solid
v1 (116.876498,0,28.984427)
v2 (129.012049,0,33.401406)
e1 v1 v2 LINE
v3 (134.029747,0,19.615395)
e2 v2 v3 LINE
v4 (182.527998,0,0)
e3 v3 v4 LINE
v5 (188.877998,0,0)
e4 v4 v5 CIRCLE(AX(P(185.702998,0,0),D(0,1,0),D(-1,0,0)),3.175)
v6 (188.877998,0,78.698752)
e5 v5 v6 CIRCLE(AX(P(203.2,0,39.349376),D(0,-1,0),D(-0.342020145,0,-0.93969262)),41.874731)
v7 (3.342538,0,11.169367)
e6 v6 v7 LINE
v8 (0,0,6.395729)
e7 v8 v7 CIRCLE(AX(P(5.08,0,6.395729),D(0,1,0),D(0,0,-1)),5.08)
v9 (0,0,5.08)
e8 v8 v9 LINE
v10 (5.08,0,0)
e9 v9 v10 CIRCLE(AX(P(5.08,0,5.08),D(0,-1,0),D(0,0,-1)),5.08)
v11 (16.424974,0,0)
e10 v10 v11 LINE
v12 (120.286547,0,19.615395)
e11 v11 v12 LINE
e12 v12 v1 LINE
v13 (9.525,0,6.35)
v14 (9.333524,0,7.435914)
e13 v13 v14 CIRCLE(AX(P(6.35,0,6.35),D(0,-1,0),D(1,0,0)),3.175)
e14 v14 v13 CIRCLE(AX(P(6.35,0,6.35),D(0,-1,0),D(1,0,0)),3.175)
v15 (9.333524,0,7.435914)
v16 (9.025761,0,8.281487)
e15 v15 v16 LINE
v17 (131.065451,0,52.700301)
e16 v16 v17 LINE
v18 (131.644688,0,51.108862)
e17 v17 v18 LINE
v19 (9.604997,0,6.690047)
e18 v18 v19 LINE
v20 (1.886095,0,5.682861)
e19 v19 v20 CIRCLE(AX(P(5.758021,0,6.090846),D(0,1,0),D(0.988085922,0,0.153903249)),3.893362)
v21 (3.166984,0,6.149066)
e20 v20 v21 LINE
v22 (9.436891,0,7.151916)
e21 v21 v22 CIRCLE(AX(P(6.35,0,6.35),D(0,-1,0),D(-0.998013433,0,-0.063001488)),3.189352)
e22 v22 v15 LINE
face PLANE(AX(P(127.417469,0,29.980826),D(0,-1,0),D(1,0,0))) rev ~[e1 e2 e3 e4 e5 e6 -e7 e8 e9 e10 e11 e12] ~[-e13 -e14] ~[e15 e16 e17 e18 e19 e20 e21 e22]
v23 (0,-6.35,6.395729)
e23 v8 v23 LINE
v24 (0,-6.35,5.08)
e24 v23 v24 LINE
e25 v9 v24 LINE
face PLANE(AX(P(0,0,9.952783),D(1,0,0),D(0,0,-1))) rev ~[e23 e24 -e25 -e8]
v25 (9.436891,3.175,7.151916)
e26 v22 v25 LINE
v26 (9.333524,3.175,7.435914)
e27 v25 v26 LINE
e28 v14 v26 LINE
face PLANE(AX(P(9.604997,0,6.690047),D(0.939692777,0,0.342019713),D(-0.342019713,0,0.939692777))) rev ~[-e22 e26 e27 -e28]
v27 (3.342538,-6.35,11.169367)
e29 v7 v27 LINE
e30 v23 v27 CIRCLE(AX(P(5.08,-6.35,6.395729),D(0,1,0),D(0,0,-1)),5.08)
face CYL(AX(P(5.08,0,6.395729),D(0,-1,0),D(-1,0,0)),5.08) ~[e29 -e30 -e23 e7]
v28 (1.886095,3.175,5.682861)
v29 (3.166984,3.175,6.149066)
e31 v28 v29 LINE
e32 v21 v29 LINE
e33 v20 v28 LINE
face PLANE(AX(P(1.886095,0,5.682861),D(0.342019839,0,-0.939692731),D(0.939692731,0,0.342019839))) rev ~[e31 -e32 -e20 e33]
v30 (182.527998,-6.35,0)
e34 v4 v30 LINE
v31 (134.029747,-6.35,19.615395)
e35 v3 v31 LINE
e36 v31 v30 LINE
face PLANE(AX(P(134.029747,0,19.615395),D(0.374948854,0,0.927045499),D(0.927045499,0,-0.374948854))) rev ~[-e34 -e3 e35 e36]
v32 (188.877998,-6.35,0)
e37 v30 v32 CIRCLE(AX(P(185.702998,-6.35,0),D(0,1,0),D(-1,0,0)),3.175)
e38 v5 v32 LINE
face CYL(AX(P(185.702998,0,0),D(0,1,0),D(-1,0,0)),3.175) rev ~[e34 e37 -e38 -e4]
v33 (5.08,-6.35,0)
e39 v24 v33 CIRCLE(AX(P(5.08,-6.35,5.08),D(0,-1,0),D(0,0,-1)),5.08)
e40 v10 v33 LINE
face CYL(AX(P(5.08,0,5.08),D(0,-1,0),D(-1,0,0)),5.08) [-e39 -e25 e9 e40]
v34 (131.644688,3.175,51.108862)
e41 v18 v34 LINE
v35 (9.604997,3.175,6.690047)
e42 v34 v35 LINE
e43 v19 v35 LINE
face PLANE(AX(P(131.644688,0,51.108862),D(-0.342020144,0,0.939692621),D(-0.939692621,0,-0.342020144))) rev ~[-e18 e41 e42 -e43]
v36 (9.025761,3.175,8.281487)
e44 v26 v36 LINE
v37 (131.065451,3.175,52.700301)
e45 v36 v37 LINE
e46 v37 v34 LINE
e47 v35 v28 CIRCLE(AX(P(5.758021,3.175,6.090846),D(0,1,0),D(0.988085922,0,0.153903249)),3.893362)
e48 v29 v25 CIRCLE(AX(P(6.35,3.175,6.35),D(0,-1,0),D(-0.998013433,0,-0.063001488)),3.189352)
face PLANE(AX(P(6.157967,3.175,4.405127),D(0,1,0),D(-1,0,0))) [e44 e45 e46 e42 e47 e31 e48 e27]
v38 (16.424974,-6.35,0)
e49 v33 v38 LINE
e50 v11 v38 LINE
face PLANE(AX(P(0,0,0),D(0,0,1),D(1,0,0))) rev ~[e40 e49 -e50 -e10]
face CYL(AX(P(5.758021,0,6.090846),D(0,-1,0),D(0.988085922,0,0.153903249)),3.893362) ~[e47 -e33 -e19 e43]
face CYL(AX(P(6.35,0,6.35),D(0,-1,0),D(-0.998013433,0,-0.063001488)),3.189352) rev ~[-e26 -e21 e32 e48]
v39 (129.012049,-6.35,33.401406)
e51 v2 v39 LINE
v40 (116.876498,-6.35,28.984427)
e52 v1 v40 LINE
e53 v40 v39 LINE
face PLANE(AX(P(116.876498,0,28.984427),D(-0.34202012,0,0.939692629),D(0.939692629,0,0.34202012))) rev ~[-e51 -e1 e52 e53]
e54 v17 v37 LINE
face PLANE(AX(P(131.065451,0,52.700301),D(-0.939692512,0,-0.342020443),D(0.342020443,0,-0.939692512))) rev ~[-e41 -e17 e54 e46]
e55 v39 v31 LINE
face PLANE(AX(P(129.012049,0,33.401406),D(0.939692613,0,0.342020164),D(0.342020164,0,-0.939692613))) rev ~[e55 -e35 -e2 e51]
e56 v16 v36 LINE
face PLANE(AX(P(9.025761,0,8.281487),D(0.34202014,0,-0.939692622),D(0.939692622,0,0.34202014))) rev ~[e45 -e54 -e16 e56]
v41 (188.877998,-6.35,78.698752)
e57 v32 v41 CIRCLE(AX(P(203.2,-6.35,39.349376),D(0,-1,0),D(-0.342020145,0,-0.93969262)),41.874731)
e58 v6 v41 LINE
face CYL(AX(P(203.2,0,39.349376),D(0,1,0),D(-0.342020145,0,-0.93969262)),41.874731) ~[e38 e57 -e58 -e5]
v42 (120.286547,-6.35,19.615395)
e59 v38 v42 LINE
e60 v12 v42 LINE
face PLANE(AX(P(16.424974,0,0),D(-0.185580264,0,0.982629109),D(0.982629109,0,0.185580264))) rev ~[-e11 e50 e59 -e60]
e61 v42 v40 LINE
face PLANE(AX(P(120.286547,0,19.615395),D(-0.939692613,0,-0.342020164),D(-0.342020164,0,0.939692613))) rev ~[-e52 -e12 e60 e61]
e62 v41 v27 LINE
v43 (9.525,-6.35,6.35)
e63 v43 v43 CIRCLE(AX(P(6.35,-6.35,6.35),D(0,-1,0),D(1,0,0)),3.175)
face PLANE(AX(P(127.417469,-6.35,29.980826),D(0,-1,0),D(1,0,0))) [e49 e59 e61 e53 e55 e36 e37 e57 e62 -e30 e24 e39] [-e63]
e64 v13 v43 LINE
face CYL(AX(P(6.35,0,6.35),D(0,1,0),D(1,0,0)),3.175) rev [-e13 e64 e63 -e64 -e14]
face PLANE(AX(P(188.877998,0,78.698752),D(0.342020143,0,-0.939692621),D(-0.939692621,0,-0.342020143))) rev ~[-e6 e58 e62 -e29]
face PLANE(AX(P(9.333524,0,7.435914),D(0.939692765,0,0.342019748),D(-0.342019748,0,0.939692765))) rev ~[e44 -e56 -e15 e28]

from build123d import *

# Parameters (mm, degrees)
F0_R     = 3.175
F1_DEPTH = 6.35
F2_R     = 5.08
F4_DEPTH = 3.175
F6_DEPTH = 3.175


with BuildPart() as f1:
    # F0 (on Front) → F1 (new body)
    with BuildSketch(Plane.XZ):
        with BuildLine():
            Line((0, 9.952783), (0, 0))
            Line((0, 0), (16.424974, 0))
            Line((16.424974, 0), (120.286547, 19.615395))
            Line((120.286547, 19.615395), (116.876498, 28.984427))
            Line((116.876498, 28.984427), (129.012049, 33.401406))
            Line((129.012049, 33.401406), (134.029747, 19.615395))
            Line((134.029747, 19.615395), (182.527998, 0))
            ThreePointArc((182.527998, 0), (185.702998, 3.175), (188.877998, 0))
            ThreePointArc((188.877998, 0), (245.074731, 39.349376), (188.877998, 78.698752))
            Line((188.877998, 78.698752), (0, 9.952783))
        make_face()
        with Locations((6.35, 6.35)):
            Circle(F0_R, mode=Mode.SUBTRACT)
    extrude(amount=F1_DEPTH)

    # F2
    f2_edges = [f1.edges().sort_by_distance(p)[0] for p in [
        (0, -3.175, 9.952783),
        (0, -3.175, 0),
    ]]
    fillet(f2_edges, radius=F2_R)

    # F3 (on face) → F4 (join)
    with BuildSketch(Plane(origin=(0, 0, 0), x_dir=(-1, 0, 0), z_dir=(0, 1, 0))):
        Polygon((-9.025761, 8.281487), (-131.065451, 52.700301), (-131.644688, 51.108862), (-9.604997, 6.690047), (-9.333524, 7.435914), align=None)
    extrude(amount=F4_DEPTH)

    # F5 (on face) → F6 (join)
    with BuildSketch(Plane(origin=(0, 0, 0), x_dir=(-1, 0, 0), z_dir=(0, 1, 0))):
        with BuildLine():
            Line((-9.436891, 7.151916), (-9.604997, 6.690047))
            ThreePointArc((-9.604997, 6.690047), (-6.261769, 2.230211), (-1.886095, 5.682861))
            Line((-1.886095, 5.682861), (-3.166984, 6.149066))
            ThreePointArc((-3.166984, 6.149066), (-6.853723, 3.200678), (-9.436891, 7.151916))
        make_face()
    extrude(amount=F6_DEPTH)


solid = f1.part
